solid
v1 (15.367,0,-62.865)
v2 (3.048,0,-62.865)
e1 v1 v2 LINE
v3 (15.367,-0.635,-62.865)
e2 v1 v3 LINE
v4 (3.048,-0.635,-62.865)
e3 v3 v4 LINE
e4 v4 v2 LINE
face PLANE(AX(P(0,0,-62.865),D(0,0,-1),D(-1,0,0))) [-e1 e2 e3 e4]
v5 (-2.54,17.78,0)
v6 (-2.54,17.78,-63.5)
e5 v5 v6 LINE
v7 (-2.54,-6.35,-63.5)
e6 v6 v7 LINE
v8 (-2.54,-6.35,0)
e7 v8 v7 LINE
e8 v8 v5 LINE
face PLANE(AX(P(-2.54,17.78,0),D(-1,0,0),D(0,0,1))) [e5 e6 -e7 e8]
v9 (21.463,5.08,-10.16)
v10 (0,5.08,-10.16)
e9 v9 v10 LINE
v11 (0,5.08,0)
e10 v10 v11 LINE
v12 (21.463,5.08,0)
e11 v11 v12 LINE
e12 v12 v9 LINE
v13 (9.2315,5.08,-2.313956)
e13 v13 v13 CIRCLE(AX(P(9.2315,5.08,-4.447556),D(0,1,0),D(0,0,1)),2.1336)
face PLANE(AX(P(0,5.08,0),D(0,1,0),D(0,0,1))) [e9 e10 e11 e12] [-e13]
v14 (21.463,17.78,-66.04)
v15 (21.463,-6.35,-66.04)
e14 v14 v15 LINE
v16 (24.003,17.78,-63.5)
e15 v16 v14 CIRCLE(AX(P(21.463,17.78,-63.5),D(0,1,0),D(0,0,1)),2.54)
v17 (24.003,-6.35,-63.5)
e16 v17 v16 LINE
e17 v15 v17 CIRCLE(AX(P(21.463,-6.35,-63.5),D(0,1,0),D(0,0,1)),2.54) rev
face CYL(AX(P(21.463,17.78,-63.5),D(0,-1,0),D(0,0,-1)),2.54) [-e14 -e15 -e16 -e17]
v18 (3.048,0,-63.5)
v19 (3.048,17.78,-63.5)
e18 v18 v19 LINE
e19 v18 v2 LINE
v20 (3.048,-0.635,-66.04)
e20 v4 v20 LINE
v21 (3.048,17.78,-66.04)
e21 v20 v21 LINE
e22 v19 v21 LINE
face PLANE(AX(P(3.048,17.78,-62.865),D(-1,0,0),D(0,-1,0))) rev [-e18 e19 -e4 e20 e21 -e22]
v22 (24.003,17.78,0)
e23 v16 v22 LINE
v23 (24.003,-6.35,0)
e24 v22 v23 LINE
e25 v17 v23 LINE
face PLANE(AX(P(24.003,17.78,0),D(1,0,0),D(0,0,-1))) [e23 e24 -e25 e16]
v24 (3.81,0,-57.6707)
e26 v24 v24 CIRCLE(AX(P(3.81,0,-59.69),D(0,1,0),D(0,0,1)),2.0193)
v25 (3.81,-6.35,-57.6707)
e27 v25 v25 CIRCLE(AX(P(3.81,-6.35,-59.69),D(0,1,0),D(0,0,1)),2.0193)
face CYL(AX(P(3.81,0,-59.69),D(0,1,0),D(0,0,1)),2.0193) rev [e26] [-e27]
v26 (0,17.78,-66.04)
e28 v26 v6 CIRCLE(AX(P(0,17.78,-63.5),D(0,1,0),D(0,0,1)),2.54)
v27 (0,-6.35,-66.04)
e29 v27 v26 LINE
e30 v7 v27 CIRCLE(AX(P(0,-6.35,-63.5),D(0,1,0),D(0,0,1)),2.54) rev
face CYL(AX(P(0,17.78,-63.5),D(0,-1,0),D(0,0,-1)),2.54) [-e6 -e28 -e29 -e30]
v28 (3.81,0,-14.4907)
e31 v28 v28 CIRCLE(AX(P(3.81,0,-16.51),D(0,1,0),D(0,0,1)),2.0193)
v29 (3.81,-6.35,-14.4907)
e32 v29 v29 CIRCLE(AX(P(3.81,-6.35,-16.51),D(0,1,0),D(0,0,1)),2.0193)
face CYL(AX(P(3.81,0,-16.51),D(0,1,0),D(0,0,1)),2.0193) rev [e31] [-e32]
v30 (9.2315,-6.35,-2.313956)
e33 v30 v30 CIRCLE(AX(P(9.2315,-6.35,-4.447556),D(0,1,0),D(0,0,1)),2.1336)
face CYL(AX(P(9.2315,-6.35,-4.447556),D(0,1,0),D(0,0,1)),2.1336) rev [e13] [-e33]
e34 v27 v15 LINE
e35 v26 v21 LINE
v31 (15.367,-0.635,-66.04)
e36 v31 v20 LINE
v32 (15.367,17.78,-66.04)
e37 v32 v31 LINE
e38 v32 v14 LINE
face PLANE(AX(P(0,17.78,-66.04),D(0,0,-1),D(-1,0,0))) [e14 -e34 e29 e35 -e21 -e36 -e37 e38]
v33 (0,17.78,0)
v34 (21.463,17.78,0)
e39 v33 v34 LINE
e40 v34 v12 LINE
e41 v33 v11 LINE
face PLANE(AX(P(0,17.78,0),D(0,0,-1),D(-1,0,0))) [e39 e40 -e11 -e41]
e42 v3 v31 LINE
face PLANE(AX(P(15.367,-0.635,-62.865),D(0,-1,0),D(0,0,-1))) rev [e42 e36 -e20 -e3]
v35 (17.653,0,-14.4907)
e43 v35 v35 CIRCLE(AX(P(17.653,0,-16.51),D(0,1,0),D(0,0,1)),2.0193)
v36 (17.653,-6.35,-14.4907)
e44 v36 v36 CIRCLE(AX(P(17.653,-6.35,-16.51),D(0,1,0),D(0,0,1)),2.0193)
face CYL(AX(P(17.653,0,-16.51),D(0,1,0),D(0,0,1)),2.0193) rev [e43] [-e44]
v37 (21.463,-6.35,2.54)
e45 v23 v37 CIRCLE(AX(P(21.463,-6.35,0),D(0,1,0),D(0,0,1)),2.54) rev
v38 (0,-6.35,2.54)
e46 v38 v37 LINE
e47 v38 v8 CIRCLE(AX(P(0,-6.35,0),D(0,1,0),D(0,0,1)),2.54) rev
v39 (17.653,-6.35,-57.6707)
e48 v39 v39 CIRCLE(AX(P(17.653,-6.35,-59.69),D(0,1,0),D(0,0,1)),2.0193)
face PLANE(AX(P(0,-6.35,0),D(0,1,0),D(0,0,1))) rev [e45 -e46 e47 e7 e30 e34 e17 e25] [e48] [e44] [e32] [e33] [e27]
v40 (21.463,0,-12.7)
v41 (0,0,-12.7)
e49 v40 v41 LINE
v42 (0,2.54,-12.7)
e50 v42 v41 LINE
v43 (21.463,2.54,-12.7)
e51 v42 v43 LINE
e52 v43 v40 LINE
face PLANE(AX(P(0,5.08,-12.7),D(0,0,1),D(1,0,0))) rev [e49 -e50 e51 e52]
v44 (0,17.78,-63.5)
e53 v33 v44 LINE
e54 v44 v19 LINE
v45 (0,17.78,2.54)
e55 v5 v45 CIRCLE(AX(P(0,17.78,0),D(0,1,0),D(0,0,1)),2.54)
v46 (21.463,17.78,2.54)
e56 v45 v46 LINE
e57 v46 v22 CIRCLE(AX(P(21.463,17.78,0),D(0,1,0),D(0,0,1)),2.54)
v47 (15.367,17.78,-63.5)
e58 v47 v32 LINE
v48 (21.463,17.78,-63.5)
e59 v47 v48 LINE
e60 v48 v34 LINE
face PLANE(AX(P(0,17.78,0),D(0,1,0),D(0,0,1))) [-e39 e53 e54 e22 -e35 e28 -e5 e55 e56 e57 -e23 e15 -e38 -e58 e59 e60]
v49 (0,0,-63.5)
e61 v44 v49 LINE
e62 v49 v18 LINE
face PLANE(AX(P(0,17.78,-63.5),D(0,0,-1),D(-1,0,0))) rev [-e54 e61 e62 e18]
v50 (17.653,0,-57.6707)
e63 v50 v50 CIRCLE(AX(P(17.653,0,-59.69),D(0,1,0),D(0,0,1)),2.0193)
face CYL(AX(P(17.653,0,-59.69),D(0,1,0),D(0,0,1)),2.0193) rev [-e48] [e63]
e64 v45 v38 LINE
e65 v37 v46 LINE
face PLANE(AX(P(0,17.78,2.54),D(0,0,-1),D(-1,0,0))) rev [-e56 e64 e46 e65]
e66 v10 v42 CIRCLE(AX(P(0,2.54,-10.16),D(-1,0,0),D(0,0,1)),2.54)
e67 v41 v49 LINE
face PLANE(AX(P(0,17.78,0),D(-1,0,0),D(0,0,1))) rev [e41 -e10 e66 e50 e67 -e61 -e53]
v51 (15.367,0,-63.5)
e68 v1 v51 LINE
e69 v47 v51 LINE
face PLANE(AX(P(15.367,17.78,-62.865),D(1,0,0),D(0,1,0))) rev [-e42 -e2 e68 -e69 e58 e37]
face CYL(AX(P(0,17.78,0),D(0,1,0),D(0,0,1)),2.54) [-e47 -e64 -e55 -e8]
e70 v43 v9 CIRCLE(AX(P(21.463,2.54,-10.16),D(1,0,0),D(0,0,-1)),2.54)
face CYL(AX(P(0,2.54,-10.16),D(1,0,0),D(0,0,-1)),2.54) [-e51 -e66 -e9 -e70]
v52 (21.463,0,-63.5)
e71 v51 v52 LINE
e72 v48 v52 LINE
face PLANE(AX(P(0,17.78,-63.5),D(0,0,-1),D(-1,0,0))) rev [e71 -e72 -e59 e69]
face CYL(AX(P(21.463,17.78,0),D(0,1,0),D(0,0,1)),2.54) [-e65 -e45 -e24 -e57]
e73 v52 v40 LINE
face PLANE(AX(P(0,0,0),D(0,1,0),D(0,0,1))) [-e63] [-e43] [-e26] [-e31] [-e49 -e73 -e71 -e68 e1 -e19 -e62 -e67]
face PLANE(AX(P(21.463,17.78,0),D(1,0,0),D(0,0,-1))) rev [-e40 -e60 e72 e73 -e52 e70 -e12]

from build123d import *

# Parameters (mm, degrees)
SKETCH1_W                  = 26.543
SKETCH1_H                  = 68.58
SKETCH1_W_2                = 21.463
SKETCH1_H_2                = 63.5
BOSS_EXTRUDE1_DEPTH        = 17.78
SKETCH1_4_W                = 26.543
SKETCH1_4_H                = 68.58
BOSS_EXTRUDE2_DEPTH        = 6.35
SKETCH2_W                  = 12.319
SKETCH2_H                  = 18.415
CUT_EXTRUDE1_DEPTH         = 3.175
SKETCH3_W                  = 21.463
SKETCH3_H                  = 12.7
BOSS_EXTRUDE3_DEPTH        = 5.08
SKETCH4_R                  = 2.1336
CUT_EXTRUDE2_DEPTH         = 72.405291183
FILLET1_R                  = 2.54
F_10_32_TAPPED_HOLE1_D     = 4.0386
F_10_32_TAPPED_HOLE1_DEPTH = 12.0396
F_10_32_TAPPED_HOLE1_TIP   = 1.213317848


with BuildPart() as part:
    # Sketch1 → Boss-Extrude1 (new body)
    with BuildSketch(Plane(origin=(0, 0, 0), x_dir=(1, 0, 0), z_dir=(0, 1, 0))):
        with Locations((10.7315, 31.75)):
            Rectangle(SKETCH1_W, SKETCH1_H)
        with Locations((10.7315, 31.75)):
            Rectangle(SKETCH1_W_2, SKETCH1_H_2, mode=Mode.SUBTRACT)
    extrude(amount=BOSS_EXTRUDE1_DEPTH)

    # Sketch1<4> → Boss-Extrude2 (add)
    with BuildSketch(Plane(origin=(0, 0, 0), x_dir=(1, 0, 0), z_dir=(0, 1, 0))):
        with Locations((10.7315, 31.75)):
            Rectangle(SKETCH1_4_W, SKETCH1_4_H)
    extrude(amount=-BOSS_EXTRUDE2_DEPTH)

    # Sketch2 → Cut-Extrude1 (cut)
    with BuildSketch(Plane(origin=(0, 0, -66.04), x_dir=(-1, 0, 0), z_dir=(0, 0, -1))):
        with Locations((-9.2075, 8.5725)):
            Rectangle(SKETCH2_W, SKETCH2_H)
    extrude(amount=-CUT_EXTRUDE1_DEPTH, mode=Mode.SUBTRACT)

    # Sketch3 → Boss-Extrude3 (add)
    with BuildSketch(Plane(origin=(0, 0, 0), x_dir=(1, 0, 0), z_dir=(0, 1, 0))):
        with Locations((10.7315, 6.35)):
            Rectangle(SKETCH3_W, SKETCH3_H)
    extrude(amount=BOSS_EXTRUDE3_DEPTH)

    # Sketch4 → Cut-Extrude2 (cut, through all)
    with BuildSketch(Plane(origin=(0, 5.08, 0), x_dir=(1, 0, 0), z_dir=(0, 1, 0))):
        with Locations((9.2315, 4.447556381)):
            Circle(SKETCH4_R)
    extrude(amount=-CUT_EXTRUDE2_DEPTH, mode=Mode.SUBTRACT)

    # Fillet1
    fillet1_edges = [part.edges().sort_by_distance(p)[0] for p in [
        (24.003, 5.715, -66.04),
        (24.003, 5.715, 2.54),
        (-2.54, 5.715, 2.54),
        (-2.54, 5.715, -66.04),
        (10.7315, 5.08, -12.7),
    ]]
    fillet(fillet1_edges, radius=FILLET1_R)

    # #10-32 Tapped Hole1
    with Locations(Plane(origin=(0, 0, 0), x_dir=(1, 0, 0), z_dir=(0, 1, 0))):
        with Locations((3.81, 16.51), (17.653, 16.51), (17.653, 59.69), (3.81, 59.69)):
            Hole(F_10_32_TAPPED_HOLE1_D / 2, depth=F_10_32_TAPPED_HOLE1_DEPTH)
            with Locations((0, 0, -(F_10_32_TAPPED_HOLE1_DEPTH + F_10_32_TAPPED_HOLE1_TIP / 2))):  # 118° drill point
                Cone(0, F_10_32_TAPPED_HOLE1_D / 2, F_10_32_TAPPED_HOLE1_TIP, mode=Mode.SUBTRACT)


solid = part.part
